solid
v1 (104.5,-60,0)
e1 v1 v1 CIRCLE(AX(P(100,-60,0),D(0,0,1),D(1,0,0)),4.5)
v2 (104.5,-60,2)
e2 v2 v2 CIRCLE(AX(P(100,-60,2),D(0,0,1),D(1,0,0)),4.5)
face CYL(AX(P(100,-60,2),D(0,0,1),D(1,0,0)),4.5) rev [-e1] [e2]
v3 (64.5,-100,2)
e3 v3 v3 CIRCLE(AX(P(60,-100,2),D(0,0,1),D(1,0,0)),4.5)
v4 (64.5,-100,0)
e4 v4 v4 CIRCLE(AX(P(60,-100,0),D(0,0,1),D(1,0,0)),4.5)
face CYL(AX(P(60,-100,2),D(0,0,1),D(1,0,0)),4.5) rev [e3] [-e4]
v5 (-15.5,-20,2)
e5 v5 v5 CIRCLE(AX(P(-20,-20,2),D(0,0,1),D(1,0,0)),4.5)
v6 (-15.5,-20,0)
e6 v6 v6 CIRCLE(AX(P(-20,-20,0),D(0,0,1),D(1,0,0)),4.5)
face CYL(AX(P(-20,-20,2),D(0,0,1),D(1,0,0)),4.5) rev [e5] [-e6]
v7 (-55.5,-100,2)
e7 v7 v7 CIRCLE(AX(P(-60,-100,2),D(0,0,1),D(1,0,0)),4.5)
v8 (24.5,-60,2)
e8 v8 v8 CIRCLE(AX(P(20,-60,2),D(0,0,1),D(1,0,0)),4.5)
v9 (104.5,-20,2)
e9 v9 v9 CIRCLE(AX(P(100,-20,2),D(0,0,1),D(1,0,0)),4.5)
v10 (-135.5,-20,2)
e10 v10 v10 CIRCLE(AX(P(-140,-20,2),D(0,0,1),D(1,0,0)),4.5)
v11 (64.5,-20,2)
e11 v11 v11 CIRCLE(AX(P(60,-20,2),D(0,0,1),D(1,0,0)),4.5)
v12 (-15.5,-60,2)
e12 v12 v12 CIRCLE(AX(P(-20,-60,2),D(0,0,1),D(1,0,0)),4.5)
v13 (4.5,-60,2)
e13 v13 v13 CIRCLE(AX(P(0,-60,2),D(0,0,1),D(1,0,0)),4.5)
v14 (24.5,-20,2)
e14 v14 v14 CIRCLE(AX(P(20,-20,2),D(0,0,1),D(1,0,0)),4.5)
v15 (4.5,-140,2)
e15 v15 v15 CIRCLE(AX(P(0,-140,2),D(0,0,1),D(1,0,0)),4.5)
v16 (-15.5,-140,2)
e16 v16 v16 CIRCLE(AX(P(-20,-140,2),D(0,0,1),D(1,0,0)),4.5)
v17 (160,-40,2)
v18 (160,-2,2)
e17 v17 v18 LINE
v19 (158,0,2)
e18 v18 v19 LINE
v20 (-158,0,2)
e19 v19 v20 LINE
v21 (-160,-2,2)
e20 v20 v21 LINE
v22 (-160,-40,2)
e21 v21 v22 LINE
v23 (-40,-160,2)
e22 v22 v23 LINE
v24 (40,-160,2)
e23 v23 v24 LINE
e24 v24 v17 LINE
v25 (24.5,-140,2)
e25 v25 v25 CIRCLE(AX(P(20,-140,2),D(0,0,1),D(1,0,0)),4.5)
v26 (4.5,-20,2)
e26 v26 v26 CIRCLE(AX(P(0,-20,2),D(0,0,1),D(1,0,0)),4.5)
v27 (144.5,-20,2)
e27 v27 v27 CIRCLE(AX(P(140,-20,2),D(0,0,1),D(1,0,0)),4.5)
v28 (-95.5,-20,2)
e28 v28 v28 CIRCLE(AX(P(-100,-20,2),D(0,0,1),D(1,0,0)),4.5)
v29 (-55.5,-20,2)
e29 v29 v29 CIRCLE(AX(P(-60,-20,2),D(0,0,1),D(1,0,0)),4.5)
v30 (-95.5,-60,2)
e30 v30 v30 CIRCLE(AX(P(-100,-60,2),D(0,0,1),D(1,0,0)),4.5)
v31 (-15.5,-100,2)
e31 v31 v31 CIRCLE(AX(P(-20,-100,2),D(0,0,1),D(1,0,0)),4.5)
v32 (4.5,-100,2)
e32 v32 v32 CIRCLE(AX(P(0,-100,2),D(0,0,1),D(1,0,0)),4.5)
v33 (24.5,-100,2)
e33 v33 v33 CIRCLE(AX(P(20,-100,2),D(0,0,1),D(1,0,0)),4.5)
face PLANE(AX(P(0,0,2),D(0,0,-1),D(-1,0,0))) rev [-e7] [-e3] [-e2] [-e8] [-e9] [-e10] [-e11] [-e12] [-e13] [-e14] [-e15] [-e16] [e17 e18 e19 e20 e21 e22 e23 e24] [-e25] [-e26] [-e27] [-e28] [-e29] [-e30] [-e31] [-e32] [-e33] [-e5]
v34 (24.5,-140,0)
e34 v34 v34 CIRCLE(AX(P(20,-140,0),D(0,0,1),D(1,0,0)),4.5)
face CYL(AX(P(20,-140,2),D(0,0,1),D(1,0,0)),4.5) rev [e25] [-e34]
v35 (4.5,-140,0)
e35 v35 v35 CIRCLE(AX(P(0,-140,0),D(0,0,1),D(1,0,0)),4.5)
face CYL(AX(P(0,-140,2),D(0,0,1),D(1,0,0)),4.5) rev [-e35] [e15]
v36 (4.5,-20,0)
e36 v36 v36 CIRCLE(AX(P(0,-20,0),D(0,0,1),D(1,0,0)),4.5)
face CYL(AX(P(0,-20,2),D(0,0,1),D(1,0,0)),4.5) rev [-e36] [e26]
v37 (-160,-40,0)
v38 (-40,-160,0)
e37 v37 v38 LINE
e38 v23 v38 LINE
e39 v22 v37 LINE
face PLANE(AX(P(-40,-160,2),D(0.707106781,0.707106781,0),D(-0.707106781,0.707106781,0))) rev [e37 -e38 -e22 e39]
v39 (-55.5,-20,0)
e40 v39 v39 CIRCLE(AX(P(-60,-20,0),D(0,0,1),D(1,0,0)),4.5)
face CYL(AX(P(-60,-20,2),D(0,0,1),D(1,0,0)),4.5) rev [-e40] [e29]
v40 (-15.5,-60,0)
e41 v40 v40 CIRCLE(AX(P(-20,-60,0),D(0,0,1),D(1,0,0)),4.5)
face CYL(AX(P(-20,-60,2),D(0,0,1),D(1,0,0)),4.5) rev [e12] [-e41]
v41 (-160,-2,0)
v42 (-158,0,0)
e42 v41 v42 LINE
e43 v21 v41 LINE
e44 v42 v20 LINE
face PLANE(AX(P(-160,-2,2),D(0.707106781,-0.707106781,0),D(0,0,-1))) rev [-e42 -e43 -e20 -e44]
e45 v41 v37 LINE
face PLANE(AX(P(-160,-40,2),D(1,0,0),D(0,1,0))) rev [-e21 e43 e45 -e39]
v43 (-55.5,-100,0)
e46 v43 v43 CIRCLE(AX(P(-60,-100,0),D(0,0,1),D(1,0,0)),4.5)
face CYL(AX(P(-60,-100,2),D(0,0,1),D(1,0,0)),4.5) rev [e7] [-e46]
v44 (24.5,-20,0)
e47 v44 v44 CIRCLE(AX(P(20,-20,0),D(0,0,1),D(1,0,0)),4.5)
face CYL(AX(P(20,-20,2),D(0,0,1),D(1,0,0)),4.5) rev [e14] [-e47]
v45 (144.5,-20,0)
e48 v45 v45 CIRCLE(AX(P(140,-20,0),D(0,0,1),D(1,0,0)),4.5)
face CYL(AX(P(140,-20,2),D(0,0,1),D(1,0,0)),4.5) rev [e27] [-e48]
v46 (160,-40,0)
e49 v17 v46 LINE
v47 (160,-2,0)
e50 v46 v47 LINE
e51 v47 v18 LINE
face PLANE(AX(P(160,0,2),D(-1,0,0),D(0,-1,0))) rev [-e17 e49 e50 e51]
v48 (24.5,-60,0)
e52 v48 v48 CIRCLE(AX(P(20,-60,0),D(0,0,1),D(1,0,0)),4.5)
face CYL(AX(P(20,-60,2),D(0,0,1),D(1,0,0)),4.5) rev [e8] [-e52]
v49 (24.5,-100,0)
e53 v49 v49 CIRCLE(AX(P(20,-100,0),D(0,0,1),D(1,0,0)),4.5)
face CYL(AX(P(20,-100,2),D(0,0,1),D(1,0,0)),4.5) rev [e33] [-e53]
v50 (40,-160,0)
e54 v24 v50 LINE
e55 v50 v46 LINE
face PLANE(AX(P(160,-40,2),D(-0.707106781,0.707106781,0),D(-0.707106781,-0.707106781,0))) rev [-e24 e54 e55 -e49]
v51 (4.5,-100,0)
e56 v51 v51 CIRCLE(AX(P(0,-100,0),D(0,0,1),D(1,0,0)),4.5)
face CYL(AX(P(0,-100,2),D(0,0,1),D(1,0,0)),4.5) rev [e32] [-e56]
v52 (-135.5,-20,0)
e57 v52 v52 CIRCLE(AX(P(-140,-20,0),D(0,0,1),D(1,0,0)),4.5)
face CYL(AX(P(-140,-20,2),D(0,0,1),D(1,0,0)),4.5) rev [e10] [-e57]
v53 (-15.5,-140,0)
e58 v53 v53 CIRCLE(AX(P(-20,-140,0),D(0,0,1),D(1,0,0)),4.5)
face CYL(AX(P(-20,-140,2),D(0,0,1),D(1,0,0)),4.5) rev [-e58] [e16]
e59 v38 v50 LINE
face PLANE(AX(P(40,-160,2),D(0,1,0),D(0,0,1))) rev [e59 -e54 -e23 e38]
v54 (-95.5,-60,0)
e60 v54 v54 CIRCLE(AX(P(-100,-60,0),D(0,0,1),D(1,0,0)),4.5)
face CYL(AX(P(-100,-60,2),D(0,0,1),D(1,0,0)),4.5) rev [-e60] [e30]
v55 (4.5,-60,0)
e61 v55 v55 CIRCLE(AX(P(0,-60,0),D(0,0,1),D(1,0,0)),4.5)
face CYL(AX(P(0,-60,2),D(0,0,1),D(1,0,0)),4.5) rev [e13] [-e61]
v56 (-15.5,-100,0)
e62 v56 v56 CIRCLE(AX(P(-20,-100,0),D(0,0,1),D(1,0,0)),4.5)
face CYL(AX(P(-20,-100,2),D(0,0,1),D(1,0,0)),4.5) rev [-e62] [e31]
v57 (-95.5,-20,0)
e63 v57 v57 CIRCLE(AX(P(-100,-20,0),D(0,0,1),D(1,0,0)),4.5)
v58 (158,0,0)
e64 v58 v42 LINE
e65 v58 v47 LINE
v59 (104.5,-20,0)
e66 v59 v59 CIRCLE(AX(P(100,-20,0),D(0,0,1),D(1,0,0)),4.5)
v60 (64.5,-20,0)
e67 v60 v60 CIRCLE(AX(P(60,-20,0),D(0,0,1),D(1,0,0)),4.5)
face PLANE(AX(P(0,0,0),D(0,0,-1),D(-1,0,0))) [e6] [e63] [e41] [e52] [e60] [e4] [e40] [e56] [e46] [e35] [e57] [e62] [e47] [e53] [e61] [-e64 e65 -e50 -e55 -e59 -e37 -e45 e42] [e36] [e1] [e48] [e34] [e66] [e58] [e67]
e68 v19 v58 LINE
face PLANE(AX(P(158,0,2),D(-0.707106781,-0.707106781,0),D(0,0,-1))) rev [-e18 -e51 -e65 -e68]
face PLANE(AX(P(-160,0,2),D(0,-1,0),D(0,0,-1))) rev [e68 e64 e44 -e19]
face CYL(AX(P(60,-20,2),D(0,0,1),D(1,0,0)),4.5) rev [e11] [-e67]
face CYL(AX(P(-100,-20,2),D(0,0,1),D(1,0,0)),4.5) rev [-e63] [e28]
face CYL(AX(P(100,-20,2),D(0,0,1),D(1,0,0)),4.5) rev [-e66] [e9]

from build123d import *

# Parameters (mm, degrees)
EXTRUDE_1_DEPTH   = 2
CHAMFER_1_SIZE    = 2
HOLE_WIZARD_M81_D = 9


with BuildPart() as part:
    # Эскиз1 → Бобышка-Вытянуть1 (new body)
    with BuildSketch(Plane.XY):
        Polygon((160, -40), (40, -160), (-40, -160), (-160, -40), (-160, 0), (160, 0), align=None)
    extrude(amount=EXTRUDE_1_DEPTH)

    # Фаска1
    chamfer_1_edges = [part.edges().sort_by_distance(p)[0] for p in [
        (160, 0, 1),
        (-160, 0, 1),
    ]]
    chamfer(chamfer_1_edges, length=CHAMFER_1_SIZE)

    # Отверстие с зазором M81 (through all)
    with Locations(Plane.XY.offset(2)):
        with Locations((60, -100), (0, -20), (20, -20), (-20, -20), (-20, -60), (-20, -100), (-20, -140), (0, -60), (0, -100), (0, -140), (20, -60), (20, -100), (20, -140), (-60, -20), (-100, -20), (-140, -20), (60, -20), (100, -20), (140, -20), (-100, -60), (100, -60), (-60, -100)):
            Hole(HOLE_WIZARD_M81_D / 2)


solid = part.part
